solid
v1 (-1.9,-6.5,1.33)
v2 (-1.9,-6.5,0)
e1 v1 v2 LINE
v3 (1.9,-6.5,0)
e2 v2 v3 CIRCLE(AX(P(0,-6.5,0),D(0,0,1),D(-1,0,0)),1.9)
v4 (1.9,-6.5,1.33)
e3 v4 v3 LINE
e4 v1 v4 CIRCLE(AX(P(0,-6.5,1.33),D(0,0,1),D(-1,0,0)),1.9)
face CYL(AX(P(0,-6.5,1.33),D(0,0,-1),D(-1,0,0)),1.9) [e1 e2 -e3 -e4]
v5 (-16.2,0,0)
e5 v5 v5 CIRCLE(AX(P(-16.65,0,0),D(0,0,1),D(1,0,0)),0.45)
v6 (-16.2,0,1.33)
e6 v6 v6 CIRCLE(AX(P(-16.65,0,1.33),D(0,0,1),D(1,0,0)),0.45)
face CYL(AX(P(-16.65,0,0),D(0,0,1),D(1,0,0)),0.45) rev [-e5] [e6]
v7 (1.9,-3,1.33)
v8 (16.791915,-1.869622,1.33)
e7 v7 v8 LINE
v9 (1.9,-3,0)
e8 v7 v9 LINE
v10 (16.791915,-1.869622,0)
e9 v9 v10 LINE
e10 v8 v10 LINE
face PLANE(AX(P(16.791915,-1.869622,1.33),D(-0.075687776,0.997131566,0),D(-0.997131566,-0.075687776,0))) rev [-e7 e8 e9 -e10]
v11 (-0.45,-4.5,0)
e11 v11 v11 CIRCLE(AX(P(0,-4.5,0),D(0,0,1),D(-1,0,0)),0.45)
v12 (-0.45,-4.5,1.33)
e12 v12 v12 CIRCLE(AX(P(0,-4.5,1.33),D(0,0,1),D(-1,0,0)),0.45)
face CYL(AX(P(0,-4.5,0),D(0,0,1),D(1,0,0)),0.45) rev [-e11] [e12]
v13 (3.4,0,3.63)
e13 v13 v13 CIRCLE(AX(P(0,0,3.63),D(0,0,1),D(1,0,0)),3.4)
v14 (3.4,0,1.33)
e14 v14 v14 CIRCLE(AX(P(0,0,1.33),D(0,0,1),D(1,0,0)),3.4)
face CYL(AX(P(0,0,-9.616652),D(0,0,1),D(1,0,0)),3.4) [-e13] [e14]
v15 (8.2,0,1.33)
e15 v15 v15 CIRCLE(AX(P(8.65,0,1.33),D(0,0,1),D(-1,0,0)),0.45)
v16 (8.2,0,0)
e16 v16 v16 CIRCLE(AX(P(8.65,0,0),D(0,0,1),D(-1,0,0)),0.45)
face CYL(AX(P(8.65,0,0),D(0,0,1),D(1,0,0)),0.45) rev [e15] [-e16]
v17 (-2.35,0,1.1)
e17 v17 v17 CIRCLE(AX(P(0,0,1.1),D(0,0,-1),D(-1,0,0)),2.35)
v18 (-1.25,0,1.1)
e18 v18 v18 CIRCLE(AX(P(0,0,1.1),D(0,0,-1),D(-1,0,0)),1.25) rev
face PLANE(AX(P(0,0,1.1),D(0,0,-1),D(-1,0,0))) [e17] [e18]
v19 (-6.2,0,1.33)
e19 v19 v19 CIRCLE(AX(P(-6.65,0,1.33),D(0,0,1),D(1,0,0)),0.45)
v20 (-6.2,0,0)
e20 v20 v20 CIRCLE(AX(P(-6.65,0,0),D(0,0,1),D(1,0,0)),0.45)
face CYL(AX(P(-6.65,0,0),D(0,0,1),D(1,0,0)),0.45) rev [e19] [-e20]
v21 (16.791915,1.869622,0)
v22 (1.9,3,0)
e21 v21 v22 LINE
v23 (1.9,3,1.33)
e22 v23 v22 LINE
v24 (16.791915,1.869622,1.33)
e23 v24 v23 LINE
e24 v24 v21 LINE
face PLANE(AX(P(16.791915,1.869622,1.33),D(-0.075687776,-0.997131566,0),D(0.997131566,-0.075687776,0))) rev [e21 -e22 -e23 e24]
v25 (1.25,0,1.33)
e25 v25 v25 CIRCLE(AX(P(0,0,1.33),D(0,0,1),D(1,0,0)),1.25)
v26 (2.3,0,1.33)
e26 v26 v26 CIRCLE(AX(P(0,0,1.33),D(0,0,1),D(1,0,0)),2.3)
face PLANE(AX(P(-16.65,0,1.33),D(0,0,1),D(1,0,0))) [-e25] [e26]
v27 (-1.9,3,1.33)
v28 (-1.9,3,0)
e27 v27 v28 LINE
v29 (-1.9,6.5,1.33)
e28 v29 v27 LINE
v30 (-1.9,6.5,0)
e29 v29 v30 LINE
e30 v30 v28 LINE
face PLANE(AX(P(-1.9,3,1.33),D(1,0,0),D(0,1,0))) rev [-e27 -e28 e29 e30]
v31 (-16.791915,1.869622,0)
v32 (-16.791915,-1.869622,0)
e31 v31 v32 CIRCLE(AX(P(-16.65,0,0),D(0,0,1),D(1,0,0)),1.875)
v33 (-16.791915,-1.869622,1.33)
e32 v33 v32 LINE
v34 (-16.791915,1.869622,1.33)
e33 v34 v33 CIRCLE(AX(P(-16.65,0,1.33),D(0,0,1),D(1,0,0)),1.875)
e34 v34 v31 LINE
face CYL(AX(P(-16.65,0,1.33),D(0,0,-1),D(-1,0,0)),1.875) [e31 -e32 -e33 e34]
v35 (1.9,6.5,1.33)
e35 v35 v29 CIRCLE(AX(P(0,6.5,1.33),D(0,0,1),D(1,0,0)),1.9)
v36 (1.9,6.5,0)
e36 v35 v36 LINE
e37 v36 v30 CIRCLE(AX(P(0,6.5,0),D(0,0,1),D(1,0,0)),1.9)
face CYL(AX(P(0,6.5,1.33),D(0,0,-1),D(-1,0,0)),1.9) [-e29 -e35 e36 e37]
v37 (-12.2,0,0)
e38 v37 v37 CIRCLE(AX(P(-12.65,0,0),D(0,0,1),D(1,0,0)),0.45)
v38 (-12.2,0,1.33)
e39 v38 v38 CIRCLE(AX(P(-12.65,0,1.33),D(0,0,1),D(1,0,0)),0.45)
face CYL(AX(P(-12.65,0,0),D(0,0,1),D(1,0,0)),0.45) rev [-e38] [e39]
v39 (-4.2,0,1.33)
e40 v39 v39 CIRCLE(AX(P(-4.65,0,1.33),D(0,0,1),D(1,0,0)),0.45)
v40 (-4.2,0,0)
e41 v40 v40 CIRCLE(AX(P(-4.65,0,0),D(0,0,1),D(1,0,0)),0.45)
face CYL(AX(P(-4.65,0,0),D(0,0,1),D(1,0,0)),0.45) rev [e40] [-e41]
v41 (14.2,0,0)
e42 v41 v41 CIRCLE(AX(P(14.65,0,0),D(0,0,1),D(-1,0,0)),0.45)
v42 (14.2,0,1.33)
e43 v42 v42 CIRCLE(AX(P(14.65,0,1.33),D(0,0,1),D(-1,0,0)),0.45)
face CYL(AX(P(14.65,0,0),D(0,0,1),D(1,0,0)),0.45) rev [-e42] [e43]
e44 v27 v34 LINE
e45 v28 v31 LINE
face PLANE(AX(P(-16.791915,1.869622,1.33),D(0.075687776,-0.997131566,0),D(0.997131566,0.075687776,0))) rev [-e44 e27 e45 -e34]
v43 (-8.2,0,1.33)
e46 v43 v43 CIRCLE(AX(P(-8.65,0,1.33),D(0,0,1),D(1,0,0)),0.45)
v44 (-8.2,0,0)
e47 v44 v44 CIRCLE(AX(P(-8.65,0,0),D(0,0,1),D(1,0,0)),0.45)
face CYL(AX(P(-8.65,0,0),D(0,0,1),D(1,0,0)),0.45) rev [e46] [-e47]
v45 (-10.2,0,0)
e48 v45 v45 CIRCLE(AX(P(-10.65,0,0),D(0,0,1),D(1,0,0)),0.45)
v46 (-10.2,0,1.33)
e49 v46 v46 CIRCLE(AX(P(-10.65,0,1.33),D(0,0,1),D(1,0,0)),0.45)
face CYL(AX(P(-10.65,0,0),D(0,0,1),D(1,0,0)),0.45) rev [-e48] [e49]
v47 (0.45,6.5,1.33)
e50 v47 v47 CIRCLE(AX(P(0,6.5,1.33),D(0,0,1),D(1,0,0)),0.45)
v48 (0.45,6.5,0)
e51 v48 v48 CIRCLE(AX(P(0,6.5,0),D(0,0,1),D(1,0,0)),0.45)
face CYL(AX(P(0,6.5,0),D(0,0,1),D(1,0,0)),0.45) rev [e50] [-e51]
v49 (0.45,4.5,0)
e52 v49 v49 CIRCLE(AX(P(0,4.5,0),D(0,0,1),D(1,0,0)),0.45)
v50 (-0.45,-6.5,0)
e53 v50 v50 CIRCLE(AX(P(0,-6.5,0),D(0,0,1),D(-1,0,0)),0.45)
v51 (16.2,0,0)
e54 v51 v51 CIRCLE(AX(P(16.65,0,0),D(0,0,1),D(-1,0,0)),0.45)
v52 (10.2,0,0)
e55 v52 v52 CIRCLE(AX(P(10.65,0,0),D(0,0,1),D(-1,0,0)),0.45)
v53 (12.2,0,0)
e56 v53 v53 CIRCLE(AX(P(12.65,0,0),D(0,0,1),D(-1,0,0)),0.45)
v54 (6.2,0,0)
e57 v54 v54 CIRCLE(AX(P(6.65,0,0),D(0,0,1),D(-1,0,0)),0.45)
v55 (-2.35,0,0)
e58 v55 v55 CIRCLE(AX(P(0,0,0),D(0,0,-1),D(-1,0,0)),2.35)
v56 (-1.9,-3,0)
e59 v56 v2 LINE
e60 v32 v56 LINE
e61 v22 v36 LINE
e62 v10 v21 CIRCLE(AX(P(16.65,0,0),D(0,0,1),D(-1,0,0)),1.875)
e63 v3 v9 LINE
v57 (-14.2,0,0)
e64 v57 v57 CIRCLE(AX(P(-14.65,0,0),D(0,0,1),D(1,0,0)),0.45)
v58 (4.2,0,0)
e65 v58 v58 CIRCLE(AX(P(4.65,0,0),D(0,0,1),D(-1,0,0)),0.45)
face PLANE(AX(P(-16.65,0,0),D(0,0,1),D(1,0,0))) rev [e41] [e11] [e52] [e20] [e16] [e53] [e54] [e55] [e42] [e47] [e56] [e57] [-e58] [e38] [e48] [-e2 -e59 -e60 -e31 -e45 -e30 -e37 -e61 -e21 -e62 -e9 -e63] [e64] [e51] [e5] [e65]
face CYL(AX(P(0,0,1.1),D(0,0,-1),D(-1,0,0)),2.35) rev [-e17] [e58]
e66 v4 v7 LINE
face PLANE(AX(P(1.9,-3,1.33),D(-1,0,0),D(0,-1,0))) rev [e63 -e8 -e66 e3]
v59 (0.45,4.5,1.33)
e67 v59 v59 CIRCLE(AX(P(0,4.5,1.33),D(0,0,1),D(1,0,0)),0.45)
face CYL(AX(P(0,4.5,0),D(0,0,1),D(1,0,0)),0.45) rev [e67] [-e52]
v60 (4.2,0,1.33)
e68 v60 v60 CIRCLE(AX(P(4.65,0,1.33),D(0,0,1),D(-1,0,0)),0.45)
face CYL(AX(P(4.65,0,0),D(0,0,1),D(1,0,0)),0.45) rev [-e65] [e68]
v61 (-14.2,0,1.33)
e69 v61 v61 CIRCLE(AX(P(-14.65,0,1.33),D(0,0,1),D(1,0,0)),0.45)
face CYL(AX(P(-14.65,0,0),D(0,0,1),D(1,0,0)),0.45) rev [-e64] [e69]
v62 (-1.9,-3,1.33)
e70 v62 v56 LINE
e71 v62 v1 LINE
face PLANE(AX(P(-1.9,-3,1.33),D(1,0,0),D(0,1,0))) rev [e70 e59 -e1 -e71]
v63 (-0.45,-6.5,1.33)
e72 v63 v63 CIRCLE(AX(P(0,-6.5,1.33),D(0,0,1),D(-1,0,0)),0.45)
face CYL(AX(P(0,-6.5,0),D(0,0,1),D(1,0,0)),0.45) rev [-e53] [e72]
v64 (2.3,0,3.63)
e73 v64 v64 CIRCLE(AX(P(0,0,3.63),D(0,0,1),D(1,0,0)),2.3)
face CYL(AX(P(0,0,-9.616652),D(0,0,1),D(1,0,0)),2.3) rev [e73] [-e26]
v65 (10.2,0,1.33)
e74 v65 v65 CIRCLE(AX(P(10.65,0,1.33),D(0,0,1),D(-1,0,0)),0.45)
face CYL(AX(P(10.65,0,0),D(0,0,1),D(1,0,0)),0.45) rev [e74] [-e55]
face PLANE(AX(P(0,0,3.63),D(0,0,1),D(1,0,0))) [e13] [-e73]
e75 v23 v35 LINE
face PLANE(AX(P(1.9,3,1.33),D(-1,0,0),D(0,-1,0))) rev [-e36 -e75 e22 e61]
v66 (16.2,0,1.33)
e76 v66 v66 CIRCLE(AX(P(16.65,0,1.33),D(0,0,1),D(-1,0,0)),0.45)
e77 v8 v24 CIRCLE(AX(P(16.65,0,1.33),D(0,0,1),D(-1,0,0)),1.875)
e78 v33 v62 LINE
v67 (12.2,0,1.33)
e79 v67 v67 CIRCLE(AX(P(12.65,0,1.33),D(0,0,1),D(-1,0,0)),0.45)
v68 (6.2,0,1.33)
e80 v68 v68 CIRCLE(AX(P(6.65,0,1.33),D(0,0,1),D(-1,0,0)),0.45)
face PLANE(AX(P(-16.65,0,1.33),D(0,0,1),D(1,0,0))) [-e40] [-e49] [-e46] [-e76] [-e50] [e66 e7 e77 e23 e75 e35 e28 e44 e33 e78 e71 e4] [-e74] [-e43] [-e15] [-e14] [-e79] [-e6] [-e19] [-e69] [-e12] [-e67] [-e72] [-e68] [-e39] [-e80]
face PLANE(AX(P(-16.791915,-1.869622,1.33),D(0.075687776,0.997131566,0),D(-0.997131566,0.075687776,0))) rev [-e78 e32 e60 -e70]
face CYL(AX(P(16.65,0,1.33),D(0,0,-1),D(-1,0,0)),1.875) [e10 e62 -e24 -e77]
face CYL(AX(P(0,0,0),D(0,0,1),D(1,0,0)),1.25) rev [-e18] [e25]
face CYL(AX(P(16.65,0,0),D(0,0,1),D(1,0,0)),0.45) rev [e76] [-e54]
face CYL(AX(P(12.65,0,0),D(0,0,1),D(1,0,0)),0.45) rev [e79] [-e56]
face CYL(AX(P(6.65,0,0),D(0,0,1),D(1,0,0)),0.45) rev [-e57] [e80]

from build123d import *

# Parameters (mm, degrees)
AUFSATZ_LINEAR_AUSTRAGEN1_DEPTH      = 1.33
SKIZZE2_R                            = 3.4
SKIZZE2_R_2                          = 2.3
AUFSATZ_LINEAR_AUSTRAGEN2_DEPTH      = 2.3
AUFSATZ_LINEAR_AUSTRAGEN2_DEPTH_BACK = 1.33
SKIZZE3_R                            = 1.25
SCHNITT_LINEAR_AUSTRAGEN1_DEPTH      = 2.33
SKIZZE4_R                            = 2.35
SCHNITT_LINEAR_AUSTRAGEN2_DEPTH      = 1.1
SKIZZE5_R                            = 0.45
SCHNITT_LINEAR_AUSTRAGEN3_DEPTH      = 2.33


with BuildPart() as part:
    # Skizze1 → Aufsatz-Linear austragen1 (new body)
    with BuildSketch(Plane.XY):
        with BuildLine():
            Line((-16.79191458, 1.869621687), (-1.9, 3))
            Line((-1.9, 3), (-1.9, 6.5))
            ThreePointArc((-1.9, 6.5), (0, 8.4), (1.9, 6.5))
            Line((1.9, 6.5), (1.9, 3))
            Line((1.9, 3), (16.79191458, 1.869621687))
            ThreePointArc((16.79191458, 1.869621687), (18.525, 0), (16.79191458, -1.869621687))
            Line((16.79191458, -1.869621687), (1.9, -3))
            Line((1.9, -3), (1.9, -6.5))
            ThreePointArc((1.9, -6.5), (0, -8.4), (-1.9, -6.5))
            Line((-1.9, -6.5), (-1.9, -3))
            Line((-1.9, -3), (-16.79191458, -1.869621687))
            ThreePointArc((-16.79191458, -1.869621687), (-18.525, 0), (-16.79191458, 1.869621687))
        make_face()
    extrude(amount=AUFSATZ_LINEAR_AUSTRAGEN1_DEPTH)

    # Skizze2 → Aufsatz-Linear austragen2 (add, two sides)
    with BuildSketch(Plane.XY.offset(1.33)) as aufsatz_linear_austragen2_sk:
        Circle(SKIZZE2_R)
        Circle(SKIZZE2_R_2, mode=Mode.SUBTRACT)
    extrude(amount=AUFSATZ_LINEAR_AUSTRAGEN2_DEPTH)
    extrude(aufsatz_linear_austragen2_sk.sketch, amount=-AUFSATZ_LINEAR_AUSTRAGEN2_DEPTH_BACK)

    # Skizze3 → Schnitt-Linear austragen1 (cut, through all)
    with BuildSketch(Plane.XY.offset(1.33)):
        Circle(SKIZZE3_R)
    extrude(amount=-SCHNITT_LINEAR_AUSTRAGEN1_DEPTH, mode=Mode.SUBTRACT)

    # Skizze4 → Schnitt-Linear austragen2 (cut)
    with BuildSketch(Plane(origin=(0, 0, 0), x_dir=(-1, 0, 0), z_dir=(0, 0, -1))):
        Circle(SKIZZE4_R)
    extrude(amount=-SCHNITT_LINEAR_AUSTRAGEN2_DEPTH, mode=Mode.SUBTRACT)

    # Skizze5 → Schnitt-Linear austragen3 (cut, through all)
    with BuildSketch(Plane.XY.offset(1.33)):
        with Locations((0, 6.5)):
            Circle(SKIZZE5_R)
        with Locations((-16.65, 0)):
            Circle(SKIZZE5_R)
        with Locations((0, 4.5)):
            Circle(SKIZZE5_R)
        with Locations((-14.65, 0)):
            Circle(SKIZZE5_R)
        with Locations((-12.65, 0)):
            Circle(SKIZZE5_R)
        with Locations((-10.65, 0)):
            Circle(SKIZZE5_R)
        with Locations((-8.65, 0)):
            Circle(SKIZZE5_R)
        with Locations((-6.65, 0)):
            Circle(SKIZZE5_R)
        with Locations((-4.65, 0)):
            Circle(SKIZZE5_R)
        with Locations((0, -4.5)):
            Circle(SKIZZE5_R)
        with Locations((0, -6.5)):
            Circle(SKIZZE5_R)
        with Locations((4.65, 0)):
            Circle(SKIZZE5_R)
        with Locations((6.65, 0)):
            Circle(SKIZZE5_R)
        with Locations((8.65, 0)):
            Circle(SKIZZE5_R)
        with Locations((10.65, 0)):
            Circle(SKIZZE5_R)
        with Locations((12.65, 0)):
            Circle(SKIZZE5_R)
        with Locations((14.65, 0)):
            Circle(SKIZZE5_R)
        with Locations((16.65, 0)):
            Circle(SKIZZE5_R)
    extrude(amount=-SCHNITT_LINEAR_AUSTRAGEN3_DEPTH, mode=Mode.SUBTRACT)


solid = part.part
